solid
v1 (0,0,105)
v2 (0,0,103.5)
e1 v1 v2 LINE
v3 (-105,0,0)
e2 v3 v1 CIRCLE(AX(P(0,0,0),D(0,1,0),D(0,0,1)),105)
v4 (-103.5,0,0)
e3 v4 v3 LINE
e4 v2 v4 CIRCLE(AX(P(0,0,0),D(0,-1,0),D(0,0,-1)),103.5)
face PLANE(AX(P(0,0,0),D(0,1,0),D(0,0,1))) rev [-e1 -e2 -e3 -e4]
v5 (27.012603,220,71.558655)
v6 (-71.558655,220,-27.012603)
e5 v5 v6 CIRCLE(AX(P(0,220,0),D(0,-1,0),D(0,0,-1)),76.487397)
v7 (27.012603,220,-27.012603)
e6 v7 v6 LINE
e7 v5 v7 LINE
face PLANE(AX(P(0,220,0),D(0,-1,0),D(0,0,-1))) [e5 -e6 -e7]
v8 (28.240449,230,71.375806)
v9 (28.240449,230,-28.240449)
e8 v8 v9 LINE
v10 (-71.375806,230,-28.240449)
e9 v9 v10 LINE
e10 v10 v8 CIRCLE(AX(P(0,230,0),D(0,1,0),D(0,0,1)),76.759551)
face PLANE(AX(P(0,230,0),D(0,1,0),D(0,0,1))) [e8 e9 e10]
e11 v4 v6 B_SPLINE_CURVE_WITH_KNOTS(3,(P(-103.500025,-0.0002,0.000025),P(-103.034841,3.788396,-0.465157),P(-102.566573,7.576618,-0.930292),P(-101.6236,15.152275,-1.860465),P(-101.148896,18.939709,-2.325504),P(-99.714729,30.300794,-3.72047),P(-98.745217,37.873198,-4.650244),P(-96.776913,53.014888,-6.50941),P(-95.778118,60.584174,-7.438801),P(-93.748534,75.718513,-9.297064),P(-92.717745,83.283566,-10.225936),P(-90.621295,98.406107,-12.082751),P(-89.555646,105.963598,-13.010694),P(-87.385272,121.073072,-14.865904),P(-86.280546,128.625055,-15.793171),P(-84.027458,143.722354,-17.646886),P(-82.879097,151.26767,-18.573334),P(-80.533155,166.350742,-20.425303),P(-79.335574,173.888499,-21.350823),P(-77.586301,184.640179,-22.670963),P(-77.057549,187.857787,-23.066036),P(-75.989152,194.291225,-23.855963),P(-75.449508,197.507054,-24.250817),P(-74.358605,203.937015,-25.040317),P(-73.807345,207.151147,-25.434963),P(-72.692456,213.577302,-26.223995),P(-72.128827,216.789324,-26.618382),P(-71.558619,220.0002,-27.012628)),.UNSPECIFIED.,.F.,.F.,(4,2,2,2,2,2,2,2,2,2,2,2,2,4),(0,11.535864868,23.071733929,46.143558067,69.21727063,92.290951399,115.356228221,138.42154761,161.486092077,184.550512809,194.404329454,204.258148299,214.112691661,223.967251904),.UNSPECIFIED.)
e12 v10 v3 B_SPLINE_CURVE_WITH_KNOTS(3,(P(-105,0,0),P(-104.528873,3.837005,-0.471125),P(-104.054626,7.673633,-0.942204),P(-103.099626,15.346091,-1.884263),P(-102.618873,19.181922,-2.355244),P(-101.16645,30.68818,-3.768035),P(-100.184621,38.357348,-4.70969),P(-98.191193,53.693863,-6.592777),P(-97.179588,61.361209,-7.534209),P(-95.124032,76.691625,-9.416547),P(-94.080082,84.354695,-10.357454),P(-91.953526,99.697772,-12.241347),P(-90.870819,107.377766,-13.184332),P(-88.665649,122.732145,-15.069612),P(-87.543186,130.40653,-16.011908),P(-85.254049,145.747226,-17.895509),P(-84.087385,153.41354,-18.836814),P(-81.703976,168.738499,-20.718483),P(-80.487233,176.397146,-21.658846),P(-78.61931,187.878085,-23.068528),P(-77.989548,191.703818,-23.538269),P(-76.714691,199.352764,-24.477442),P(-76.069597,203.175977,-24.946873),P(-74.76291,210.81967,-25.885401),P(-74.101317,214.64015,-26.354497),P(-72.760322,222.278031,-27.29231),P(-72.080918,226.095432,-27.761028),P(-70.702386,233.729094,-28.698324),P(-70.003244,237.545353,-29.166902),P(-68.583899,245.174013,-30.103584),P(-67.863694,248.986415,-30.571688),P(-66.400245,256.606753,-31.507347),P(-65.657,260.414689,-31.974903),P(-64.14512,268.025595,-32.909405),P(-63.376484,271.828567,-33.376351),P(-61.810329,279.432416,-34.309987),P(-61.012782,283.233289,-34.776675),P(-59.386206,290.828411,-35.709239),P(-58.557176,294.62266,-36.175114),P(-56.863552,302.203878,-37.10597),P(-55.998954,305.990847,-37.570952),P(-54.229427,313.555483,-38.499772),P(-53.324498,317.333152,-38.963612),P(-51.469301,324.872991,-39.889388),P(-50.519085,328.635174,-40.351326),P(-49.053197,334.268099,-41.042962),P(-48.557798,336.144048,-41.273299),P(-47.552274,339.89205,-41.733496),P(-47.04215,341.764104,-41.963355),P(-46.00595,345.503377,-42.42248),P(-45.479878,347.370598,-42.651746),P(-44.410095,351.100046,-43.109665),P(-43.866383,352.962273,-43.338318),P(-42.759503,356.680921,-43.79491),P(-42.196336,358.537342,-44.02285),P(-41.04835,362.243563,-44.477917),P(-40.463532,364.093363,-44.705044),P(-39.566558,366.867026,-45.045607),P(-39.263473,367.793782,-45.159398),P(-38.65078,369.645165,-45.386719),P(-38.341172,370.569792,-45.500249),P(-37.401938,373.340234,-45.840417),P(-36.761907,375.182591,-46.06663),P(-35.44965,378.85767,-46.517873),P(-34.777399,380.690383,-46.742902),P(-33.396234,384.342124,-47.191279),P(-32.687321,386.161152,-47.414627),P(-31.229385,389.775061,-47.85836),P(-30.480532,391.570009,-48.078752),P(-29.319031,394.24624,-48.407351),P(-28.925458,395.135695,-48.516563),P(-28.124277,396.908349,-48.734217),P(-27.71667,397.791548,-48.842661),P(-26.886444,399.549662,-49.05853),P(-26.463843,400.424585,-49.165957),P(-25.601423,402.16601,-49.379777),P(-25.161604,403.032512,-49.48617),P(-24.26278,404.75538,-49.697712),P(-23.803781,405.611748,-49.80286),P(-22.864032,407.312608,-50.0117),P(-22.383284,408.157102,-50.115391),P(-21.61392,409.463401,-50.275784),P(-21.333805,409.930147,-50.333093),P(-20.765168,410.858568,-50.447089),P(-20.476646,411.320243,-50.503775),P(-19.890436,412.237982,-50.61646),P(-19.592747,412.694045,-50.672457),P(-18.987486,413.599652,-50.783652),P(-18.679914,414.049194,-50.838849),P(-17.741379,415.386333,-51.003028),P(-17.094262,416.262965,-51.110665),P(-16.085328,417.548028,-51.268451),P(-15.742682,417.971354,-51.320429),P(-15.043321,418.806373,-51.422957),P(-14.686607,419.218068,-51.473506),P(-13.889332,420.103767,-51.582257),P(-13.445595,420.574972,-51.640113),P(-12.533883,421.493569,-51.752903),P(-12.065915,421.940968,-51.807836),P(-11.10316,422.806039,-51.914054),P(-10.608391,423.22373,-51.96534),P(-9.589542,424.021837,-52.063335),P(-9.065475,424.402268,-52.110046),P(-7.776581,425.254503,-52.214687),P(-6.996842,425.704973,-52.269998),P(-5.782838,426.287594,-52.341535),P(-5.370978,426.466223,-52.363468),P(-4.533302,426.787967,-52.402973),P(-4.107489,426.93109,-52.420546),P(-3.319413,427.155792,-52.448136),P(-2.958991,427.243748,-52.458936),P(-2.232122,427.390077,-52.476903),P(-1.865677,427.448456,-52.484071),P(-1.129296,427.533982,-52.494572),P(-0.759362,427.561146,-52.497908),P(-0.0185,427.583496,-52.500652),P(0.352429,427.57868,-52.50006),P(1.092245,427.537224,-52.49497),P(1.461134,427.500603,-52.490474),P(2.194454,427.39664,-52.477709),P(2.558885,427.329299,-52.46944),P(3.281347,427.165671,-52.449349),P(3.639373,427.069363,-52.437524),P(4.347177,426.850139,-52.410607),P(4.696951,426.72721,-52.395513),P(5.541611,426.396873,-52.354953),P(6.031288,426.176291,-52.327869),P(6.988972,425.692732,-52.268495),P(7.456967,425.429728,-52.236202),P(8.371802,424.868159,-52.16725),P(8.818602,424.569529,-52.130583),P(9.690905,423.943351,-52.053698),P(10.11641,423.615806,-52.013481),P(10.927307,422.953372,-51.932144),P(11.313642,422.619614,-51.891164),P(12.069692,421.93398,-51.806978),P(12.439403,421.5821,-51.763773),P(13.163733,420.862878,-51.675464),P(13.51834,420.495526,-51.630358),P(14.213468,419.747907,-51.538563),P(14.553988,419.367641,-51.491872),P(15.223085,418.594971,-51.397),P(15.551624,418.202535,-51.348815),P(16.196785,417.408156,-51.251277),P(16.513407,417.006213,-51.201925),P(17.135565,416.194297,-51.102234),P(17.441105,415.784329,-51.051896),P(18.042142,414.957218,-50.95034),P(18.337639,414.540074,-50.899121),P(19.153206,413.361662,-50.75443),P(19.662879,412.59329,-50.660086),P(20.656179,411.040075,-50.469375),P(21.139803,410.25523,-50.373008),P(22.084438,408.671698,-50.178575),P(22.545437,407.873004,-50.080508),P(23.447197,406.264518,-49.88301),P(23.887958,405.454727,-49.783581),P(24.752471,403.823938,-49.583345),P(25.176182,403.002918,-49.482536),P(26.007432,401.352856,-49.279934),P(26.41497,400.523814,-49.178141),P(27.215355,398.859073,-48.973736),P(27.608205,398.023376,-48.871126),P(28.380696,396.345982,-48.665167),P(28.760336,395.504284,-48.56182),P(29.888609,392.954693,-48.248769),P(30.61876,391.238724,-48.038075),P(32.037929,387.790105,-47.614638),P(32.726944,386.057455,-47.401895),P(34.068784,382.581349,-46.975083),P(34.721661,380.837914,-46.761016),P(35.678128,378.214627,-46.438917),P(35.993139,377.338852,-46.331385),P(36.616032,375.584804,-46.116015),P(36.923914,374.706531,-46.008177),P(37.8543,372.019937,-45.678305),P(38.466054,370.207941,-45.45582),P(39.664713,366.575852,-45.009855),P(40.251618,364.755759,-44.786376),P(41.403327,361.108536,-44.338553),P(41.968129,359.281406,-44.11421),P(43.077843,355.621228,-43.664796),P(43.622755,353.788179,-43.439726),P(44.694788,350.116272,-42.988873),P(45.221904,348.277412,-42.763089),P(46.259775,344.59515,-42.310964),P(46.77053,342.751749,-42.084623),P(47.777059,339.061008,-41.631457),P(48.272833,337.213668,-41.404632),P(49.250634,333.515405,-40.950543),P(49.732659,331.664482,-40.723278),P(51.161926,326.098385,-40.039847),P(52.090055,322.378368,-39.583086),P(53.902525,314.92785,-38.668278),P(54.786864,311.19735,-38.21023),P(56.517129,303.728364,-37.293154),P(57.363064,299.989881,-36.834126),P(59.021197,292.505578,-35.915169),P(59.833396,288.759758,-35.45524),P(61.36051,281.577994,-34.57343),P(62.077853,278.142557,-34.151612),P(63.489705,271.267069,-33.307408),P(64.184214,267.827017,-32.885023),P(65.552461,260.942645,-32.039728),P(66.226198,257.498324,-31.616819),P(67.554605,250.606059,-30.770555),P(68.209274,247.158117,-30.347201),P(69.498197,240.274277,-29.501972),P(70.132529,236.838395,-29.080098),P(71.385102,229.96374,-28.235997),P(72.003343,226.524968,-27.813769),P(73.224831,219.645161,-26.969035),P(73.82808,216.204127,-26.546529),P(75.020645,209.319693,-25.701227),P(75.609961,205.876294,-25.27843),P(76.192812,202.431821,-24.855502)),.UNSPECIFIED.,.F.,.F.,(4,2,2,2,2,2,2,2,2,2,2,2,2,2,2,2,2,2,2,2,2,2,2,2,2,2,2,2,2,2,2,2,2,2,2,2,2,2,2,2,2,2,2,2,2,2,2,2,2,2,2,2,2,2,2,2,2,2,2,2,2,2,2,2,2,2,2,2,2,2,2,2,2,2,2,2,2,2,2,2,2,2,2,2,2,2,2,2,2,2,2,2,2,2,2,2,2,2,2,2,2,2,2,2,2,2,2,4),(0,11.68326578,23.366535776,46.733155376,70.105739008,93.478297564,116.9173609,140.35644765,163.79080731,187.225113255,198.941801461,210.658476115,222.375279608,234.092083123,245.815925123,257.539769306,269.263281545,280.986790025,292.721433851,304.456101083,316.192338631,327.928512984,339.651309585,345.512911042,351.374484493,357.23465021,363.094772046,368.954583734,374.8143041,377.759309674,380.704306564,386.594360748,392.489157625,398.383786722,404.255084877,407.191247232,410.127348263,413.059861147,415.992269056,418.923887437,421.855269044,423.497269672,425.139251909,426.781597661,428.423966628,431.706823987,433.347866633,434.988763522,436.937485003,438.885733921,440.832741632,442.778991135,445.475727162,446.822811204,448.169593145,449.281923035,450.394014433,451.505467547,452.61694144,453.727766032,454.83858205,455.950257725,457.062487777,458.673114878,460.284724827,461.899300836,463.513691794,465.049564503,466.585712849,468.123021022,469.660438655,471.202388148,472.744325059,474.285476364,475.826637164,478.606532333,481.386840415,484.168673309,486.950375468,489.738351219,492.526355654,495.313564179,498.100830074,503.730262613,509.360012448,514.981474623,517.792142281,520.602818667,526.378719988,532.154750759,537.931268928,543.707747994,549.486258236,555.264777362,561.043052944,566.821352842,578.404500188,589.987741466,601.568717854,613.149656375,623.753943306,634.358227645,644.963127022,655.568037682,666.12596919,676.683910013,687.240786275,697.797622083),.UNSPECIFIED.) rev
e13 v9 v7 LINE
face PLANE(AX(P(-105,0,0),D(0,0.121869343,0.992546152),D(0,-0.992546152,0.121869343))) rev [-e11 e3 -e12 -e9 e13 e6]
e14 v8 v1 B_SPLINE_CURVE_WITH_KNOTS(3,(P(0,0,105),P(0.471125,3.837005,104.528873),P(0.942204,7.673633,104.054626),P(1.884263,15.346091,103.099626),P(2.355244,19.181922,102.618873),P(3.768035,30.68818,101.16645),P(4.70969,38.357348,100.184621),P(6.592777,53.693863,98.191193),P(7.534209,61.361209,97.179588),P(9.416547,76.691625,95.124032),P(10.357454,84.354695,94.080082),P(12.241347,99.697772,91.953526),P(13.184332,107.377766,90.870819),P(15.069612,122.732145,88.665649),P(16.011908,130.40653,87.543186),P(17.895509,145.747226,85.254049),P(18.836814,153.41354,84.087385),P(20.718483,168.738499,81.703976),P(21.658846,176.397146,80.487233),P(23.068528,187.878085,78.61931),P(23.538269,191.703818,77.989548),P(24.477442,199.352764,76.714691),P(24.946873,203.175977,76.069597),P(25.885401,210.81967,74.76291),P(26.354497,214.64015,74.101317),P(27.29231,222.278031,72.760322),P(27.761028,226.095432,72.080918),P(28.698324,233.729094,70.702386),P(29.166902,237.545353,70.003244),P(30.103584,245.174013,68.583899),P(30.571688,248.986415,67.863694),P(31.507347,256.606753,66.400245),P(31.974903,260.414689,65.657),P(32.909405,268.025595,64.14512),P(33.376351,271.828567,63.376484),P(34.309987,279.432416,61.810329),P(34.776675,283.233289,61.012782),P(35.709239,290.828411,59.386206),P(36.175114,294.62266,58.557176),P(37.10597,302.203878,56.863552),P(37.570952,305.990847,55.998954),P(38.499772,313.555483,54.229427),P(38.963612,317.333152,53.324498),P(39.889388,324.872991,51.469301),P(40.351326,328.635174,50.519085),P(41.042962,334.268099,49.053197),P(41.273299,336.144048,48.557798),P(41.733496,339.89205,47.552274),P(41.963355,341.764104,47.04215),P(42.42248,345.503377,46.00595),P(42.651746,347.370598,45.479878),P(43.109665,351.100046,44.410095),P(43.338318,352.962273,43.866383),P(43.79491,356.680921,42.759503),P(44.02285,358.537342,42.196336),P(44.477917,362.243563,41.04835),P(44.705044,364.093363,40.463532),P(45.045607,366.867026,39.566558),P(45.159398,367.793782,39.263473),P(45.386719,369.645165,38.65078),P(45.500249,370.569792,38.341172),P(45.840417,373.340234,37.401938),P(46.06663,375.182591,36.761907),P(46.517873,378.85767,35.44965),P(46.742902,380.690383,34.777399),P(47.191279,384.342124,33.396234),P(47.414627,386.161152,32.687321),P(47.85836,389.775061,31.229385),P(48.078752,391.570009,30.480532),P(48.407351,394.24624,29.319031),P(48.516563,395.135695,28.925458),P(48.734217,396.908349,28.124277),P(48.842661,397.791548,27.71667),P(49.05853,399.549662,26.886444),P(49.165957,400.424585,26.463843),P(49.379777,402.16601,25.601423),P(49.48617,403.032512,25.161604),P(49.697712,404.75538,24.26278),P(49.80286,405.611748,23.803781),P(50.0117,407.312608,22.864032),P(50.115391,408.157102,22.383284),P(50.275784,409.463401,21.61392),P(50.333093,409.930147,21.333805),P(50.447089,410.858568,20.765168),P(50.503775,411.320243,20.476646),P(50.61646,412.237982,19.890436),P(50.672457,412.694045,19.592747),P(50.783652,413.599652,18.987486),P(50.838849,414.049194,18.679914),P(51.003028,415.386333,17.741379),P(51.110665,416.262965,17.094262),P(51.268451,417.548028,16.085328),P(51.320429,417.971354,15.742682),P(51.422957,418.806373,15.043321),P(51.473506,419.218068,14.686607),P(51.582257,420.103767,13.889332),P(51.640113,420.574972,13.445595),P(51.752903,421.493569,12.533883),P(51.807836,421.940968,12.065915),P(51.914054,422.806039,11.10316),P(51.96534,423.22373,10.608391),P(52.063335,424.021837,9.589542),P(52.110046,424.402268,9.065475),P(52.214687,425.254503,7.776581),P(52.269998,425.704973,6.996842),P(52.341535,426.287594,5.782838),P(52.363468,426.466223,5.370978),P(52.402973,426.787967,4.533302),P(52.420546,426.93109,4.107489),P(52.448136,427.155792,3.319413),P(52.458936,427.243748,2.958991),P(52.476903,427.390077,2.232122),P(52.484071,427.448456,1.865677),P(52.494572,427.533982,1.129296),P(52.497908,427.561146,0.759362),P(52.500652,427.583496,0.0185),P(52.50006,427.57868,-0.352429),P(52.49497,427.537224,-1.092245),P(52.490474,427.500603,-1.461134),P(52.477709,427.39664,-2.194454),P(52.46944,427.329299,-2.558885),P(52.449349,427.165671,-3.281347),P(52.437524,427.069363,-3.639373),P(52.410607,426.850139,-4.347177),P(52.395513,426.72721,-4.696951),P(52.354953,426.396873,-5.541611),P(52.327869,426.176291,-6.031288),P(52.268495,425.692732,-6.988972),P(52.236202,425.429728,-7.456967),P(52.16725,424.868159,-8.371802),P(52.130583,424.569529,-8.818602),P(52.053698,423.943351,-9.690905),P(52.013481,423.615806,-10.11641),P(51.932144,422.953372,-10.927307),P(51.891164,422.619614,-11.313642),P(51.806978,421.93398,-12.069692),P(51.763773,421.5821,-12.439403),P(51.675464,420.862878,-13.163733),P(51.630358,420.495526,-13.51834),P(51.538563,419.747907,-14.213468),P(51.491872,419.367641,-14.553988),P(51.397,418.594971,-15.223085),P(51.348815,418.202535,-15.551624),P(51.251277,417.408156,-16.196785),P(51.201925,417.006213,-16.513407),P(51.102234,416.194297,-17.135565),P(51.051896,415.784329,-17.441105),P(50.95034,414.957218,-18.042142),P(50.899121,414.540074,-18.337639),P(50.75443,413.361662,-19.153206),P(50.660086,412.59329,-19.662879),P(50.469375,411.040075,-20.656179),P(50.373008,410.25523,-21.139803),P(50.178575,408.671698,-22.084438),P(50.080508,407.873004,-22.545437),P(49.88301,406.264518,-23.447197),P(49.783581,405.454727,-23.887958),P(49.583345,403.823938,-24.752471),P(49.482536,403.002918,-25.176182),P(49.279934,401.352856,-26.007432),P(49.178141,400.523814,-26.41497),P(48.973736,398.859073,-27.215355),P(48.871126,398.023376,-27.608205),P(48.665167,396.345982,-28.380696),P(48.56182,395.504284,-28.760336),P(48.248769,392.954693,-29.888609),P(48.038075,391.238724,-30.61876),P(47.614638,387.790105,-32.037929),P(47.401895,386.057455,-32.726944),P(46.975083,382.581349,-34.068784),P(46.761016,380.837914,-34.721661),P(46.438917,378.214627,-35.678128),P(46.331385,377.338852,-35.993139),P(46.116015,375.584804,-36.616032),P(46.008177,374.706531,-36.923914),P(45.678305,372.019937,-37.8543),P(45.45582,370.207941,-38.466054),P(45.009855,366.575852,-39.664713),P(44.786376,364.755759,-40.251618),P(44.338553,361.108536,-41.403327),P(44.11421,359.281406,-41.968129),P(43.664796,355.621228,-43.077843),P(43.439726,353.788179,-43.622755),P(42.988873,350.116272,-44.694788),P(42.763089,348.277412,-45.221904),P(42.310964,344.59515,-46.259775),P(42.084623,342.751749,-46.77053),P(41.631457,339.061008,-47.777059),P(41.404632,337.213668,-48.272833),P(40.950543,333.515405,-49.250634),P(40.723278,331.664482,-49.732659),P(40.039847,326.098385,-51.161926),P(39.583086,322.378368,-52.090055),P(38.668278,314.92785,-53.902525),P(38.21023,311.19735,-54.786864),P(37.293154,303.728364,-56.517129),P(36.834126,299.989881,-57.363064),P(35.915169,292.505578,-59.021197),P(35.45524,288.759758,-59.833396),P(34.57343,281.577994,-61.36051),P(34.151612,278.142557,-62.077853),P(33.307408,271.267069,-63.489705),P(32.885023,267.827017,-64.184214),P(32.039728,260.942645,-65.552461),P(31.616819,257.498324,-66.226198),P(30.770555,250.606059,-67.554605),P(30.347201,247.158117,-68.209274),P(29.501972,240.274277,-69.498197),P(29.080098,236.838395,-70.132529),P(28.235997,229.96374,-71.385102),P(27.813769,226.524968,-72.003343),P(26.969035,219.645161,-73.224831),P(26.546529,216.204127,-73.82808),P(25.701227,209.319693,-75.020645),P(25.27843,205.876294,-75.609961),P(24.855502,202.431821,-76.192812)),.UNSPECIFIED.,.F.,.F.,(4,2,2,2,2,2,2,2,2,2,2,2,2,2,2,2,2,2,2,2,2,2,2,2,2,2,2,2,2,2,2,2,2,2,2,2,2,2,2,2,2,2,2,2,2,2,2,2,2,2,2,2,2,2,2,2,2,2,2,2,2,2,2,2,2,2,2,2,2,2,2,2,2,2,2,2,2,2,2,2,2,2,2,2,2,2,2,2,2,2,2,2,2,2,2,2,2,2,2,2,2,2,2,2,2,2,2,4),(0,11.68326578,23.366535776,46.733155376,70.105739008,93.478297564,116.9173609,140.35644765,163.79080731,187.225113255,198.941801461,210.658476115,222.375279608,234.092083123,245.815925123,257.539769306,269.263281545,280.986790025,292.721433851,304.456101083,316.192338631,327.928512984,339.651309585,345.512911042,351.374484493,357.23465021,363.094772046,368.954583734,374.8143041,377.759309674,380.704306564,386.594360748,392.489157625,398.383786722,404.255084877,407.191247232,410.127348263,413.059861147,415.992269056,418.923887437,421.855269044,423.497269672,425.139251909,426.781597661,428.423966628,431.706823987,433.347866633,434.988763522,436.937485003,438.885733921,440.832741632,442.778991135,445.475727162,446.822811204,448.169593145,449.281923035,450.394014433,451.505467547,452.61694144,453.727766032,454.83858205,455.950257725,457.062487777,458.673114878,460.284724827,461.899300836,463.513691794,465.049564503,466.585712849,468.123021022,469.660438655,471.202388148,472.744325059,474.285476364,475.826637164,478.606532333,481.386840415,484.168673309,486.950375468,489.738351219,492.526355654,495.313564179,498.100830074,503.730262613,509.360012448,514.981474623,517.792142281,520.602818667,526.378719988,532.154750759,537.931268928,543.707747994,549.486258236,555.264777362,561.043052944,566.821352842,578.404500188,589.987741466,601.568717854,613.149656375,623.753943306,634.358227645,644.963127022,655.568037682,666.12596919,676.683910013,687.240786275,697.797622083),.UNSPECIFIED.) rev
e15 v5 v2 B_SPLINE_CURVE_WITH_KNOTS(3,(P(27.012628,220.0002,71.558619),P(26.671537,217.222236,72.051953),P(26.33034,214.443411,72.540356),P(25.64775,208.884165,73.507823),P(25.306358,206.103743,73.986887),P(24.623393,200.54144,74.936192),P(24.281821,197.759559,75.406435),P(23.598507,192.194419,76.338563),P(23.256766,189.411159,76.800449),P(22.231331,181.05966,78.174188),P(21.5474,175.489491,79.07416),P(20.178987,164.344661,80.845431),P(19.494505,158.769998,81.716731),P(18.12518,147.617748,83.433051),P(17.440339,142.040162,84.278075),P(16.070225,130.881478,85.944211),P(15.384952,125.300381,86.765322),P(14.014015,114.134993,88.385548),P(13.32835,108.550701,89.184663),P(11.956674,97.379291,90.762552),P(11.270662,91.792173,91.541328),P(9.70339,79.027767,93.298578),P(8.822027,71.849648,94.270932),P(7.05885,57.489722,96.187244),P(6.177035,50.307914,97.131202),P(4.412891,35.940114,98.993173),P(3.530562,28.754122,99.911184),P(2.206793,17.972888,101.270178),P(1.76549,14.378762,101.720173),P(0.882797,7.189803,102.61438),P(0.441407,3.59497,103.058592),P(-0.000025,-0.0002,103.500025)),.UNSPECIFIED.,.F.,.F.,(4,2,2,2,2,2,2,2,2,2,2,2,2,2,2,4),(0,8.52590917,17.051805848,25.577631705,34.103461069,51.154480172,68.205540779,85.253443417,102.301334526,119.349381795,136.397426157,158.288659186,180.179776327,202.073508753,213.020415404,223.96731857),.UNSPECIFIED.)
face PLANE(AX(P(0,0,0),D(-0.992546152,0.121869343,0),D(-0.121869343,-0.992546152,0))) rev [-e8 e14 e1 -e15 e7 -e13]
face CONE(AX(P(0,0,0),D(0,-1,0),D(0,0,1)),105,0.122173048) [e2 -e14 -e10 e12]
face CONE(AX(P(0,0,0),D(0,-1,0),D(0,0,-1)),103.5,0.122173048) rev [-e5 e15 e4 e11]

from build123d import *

# Parameters (mm, degrees)
SKETCH2_R           = 105
BOSS_EXTRUDE1_DEPTH = 230
BOSS_EXTRUDE1_TAPER = 7
SKETCH3_R           = 103.5
CUT_EXTRUDE1_DEPTH  = 220
CUT_EXTRUDE1_DRAFT  = -7
CUT_EXTRUDE2_DEPTH  = 230
CUT_EXTRUDE2_DRAFT  = -7


with BuildPart() as part:
    # Sketch2 → Boss-Extrude1 (new body)
    with BuildSketch(Plane(origin=(0, 0, 0), x_dir=(1, 0, 0), z_dir=(0, 1, 0))):
        Circle(SKETCH2_R)
    extrude(amount=BOSS_EXTRUDE1_DEPTH, taper=BOSS_EXTRUDE1_TAPER)


with BuildPart() as cut_extrude1_tool:
    # Sketch3 → Cut-Extrude1 (with draft: the straight prism first)
    with BuildSketch(Plane.XZ):
        Circle(SKETCH3_R)
    extrude(amount=-CUT_EXTRUDE1_DEPTH)
    # Cut-Extrude1: the draft: its side faces are tilted about the plane it starts from
    cut_extrude1_sides = [cut_extrude1_tool.faces().sort_by_distance(p)[0] for p in [
        (-103.5, 110, 0),
    ]]
    draft(cut_extrude1_sides, Plane.XZ, CUT_EXTRUDE1_DRAFT)


with BuildPart() as part_1:
    add(part.part)

    # Cut-Extrude1: cut by cut_extrude1_tool
    add(cut_extrude1_tool.part, mode=Mode.SUBTRACT)


with BuildPart() as cut_extrude2_tool:
    # Sketch4 → Cut-Extrude2 (with draft: the straight prism first)
    with BuildSketch(Plane.XZ):
        with BuildLine():
            ThreePointArc((-105, 0), (74.246212025, -74.246212025), (0, 105))
            Line((0, 105), (0, 0))
            Line((0, 0), (-105, 0))
        make_face()
    extrude(amount=-CUT_EXTRUDE2_DEPTH)
    # Cut-Extrude2: the draft: its side faces are tilted about the plane it starts from
    cut_extrude2_sides = [cut_extrude2_tool.faces().sort_by_distance(p)[0] for p in [
        (74.246212025, 115, -74.246212025),
        (0, 115, 52.5),
        (-52.5, 115, 0),
    ]]
    draft(cut_extrude2_sides, Plane.XZ, CUT_EXTRUDE2_DRAFT)


with BuildPart() as part_2:
    add(part_1.part)

    # Cut-Extrude2: cut by cut_extrude2_tool
    add(cut_extrude2_tool.part, mode=Mode.SUBTRACT)


solid = part_2.part
